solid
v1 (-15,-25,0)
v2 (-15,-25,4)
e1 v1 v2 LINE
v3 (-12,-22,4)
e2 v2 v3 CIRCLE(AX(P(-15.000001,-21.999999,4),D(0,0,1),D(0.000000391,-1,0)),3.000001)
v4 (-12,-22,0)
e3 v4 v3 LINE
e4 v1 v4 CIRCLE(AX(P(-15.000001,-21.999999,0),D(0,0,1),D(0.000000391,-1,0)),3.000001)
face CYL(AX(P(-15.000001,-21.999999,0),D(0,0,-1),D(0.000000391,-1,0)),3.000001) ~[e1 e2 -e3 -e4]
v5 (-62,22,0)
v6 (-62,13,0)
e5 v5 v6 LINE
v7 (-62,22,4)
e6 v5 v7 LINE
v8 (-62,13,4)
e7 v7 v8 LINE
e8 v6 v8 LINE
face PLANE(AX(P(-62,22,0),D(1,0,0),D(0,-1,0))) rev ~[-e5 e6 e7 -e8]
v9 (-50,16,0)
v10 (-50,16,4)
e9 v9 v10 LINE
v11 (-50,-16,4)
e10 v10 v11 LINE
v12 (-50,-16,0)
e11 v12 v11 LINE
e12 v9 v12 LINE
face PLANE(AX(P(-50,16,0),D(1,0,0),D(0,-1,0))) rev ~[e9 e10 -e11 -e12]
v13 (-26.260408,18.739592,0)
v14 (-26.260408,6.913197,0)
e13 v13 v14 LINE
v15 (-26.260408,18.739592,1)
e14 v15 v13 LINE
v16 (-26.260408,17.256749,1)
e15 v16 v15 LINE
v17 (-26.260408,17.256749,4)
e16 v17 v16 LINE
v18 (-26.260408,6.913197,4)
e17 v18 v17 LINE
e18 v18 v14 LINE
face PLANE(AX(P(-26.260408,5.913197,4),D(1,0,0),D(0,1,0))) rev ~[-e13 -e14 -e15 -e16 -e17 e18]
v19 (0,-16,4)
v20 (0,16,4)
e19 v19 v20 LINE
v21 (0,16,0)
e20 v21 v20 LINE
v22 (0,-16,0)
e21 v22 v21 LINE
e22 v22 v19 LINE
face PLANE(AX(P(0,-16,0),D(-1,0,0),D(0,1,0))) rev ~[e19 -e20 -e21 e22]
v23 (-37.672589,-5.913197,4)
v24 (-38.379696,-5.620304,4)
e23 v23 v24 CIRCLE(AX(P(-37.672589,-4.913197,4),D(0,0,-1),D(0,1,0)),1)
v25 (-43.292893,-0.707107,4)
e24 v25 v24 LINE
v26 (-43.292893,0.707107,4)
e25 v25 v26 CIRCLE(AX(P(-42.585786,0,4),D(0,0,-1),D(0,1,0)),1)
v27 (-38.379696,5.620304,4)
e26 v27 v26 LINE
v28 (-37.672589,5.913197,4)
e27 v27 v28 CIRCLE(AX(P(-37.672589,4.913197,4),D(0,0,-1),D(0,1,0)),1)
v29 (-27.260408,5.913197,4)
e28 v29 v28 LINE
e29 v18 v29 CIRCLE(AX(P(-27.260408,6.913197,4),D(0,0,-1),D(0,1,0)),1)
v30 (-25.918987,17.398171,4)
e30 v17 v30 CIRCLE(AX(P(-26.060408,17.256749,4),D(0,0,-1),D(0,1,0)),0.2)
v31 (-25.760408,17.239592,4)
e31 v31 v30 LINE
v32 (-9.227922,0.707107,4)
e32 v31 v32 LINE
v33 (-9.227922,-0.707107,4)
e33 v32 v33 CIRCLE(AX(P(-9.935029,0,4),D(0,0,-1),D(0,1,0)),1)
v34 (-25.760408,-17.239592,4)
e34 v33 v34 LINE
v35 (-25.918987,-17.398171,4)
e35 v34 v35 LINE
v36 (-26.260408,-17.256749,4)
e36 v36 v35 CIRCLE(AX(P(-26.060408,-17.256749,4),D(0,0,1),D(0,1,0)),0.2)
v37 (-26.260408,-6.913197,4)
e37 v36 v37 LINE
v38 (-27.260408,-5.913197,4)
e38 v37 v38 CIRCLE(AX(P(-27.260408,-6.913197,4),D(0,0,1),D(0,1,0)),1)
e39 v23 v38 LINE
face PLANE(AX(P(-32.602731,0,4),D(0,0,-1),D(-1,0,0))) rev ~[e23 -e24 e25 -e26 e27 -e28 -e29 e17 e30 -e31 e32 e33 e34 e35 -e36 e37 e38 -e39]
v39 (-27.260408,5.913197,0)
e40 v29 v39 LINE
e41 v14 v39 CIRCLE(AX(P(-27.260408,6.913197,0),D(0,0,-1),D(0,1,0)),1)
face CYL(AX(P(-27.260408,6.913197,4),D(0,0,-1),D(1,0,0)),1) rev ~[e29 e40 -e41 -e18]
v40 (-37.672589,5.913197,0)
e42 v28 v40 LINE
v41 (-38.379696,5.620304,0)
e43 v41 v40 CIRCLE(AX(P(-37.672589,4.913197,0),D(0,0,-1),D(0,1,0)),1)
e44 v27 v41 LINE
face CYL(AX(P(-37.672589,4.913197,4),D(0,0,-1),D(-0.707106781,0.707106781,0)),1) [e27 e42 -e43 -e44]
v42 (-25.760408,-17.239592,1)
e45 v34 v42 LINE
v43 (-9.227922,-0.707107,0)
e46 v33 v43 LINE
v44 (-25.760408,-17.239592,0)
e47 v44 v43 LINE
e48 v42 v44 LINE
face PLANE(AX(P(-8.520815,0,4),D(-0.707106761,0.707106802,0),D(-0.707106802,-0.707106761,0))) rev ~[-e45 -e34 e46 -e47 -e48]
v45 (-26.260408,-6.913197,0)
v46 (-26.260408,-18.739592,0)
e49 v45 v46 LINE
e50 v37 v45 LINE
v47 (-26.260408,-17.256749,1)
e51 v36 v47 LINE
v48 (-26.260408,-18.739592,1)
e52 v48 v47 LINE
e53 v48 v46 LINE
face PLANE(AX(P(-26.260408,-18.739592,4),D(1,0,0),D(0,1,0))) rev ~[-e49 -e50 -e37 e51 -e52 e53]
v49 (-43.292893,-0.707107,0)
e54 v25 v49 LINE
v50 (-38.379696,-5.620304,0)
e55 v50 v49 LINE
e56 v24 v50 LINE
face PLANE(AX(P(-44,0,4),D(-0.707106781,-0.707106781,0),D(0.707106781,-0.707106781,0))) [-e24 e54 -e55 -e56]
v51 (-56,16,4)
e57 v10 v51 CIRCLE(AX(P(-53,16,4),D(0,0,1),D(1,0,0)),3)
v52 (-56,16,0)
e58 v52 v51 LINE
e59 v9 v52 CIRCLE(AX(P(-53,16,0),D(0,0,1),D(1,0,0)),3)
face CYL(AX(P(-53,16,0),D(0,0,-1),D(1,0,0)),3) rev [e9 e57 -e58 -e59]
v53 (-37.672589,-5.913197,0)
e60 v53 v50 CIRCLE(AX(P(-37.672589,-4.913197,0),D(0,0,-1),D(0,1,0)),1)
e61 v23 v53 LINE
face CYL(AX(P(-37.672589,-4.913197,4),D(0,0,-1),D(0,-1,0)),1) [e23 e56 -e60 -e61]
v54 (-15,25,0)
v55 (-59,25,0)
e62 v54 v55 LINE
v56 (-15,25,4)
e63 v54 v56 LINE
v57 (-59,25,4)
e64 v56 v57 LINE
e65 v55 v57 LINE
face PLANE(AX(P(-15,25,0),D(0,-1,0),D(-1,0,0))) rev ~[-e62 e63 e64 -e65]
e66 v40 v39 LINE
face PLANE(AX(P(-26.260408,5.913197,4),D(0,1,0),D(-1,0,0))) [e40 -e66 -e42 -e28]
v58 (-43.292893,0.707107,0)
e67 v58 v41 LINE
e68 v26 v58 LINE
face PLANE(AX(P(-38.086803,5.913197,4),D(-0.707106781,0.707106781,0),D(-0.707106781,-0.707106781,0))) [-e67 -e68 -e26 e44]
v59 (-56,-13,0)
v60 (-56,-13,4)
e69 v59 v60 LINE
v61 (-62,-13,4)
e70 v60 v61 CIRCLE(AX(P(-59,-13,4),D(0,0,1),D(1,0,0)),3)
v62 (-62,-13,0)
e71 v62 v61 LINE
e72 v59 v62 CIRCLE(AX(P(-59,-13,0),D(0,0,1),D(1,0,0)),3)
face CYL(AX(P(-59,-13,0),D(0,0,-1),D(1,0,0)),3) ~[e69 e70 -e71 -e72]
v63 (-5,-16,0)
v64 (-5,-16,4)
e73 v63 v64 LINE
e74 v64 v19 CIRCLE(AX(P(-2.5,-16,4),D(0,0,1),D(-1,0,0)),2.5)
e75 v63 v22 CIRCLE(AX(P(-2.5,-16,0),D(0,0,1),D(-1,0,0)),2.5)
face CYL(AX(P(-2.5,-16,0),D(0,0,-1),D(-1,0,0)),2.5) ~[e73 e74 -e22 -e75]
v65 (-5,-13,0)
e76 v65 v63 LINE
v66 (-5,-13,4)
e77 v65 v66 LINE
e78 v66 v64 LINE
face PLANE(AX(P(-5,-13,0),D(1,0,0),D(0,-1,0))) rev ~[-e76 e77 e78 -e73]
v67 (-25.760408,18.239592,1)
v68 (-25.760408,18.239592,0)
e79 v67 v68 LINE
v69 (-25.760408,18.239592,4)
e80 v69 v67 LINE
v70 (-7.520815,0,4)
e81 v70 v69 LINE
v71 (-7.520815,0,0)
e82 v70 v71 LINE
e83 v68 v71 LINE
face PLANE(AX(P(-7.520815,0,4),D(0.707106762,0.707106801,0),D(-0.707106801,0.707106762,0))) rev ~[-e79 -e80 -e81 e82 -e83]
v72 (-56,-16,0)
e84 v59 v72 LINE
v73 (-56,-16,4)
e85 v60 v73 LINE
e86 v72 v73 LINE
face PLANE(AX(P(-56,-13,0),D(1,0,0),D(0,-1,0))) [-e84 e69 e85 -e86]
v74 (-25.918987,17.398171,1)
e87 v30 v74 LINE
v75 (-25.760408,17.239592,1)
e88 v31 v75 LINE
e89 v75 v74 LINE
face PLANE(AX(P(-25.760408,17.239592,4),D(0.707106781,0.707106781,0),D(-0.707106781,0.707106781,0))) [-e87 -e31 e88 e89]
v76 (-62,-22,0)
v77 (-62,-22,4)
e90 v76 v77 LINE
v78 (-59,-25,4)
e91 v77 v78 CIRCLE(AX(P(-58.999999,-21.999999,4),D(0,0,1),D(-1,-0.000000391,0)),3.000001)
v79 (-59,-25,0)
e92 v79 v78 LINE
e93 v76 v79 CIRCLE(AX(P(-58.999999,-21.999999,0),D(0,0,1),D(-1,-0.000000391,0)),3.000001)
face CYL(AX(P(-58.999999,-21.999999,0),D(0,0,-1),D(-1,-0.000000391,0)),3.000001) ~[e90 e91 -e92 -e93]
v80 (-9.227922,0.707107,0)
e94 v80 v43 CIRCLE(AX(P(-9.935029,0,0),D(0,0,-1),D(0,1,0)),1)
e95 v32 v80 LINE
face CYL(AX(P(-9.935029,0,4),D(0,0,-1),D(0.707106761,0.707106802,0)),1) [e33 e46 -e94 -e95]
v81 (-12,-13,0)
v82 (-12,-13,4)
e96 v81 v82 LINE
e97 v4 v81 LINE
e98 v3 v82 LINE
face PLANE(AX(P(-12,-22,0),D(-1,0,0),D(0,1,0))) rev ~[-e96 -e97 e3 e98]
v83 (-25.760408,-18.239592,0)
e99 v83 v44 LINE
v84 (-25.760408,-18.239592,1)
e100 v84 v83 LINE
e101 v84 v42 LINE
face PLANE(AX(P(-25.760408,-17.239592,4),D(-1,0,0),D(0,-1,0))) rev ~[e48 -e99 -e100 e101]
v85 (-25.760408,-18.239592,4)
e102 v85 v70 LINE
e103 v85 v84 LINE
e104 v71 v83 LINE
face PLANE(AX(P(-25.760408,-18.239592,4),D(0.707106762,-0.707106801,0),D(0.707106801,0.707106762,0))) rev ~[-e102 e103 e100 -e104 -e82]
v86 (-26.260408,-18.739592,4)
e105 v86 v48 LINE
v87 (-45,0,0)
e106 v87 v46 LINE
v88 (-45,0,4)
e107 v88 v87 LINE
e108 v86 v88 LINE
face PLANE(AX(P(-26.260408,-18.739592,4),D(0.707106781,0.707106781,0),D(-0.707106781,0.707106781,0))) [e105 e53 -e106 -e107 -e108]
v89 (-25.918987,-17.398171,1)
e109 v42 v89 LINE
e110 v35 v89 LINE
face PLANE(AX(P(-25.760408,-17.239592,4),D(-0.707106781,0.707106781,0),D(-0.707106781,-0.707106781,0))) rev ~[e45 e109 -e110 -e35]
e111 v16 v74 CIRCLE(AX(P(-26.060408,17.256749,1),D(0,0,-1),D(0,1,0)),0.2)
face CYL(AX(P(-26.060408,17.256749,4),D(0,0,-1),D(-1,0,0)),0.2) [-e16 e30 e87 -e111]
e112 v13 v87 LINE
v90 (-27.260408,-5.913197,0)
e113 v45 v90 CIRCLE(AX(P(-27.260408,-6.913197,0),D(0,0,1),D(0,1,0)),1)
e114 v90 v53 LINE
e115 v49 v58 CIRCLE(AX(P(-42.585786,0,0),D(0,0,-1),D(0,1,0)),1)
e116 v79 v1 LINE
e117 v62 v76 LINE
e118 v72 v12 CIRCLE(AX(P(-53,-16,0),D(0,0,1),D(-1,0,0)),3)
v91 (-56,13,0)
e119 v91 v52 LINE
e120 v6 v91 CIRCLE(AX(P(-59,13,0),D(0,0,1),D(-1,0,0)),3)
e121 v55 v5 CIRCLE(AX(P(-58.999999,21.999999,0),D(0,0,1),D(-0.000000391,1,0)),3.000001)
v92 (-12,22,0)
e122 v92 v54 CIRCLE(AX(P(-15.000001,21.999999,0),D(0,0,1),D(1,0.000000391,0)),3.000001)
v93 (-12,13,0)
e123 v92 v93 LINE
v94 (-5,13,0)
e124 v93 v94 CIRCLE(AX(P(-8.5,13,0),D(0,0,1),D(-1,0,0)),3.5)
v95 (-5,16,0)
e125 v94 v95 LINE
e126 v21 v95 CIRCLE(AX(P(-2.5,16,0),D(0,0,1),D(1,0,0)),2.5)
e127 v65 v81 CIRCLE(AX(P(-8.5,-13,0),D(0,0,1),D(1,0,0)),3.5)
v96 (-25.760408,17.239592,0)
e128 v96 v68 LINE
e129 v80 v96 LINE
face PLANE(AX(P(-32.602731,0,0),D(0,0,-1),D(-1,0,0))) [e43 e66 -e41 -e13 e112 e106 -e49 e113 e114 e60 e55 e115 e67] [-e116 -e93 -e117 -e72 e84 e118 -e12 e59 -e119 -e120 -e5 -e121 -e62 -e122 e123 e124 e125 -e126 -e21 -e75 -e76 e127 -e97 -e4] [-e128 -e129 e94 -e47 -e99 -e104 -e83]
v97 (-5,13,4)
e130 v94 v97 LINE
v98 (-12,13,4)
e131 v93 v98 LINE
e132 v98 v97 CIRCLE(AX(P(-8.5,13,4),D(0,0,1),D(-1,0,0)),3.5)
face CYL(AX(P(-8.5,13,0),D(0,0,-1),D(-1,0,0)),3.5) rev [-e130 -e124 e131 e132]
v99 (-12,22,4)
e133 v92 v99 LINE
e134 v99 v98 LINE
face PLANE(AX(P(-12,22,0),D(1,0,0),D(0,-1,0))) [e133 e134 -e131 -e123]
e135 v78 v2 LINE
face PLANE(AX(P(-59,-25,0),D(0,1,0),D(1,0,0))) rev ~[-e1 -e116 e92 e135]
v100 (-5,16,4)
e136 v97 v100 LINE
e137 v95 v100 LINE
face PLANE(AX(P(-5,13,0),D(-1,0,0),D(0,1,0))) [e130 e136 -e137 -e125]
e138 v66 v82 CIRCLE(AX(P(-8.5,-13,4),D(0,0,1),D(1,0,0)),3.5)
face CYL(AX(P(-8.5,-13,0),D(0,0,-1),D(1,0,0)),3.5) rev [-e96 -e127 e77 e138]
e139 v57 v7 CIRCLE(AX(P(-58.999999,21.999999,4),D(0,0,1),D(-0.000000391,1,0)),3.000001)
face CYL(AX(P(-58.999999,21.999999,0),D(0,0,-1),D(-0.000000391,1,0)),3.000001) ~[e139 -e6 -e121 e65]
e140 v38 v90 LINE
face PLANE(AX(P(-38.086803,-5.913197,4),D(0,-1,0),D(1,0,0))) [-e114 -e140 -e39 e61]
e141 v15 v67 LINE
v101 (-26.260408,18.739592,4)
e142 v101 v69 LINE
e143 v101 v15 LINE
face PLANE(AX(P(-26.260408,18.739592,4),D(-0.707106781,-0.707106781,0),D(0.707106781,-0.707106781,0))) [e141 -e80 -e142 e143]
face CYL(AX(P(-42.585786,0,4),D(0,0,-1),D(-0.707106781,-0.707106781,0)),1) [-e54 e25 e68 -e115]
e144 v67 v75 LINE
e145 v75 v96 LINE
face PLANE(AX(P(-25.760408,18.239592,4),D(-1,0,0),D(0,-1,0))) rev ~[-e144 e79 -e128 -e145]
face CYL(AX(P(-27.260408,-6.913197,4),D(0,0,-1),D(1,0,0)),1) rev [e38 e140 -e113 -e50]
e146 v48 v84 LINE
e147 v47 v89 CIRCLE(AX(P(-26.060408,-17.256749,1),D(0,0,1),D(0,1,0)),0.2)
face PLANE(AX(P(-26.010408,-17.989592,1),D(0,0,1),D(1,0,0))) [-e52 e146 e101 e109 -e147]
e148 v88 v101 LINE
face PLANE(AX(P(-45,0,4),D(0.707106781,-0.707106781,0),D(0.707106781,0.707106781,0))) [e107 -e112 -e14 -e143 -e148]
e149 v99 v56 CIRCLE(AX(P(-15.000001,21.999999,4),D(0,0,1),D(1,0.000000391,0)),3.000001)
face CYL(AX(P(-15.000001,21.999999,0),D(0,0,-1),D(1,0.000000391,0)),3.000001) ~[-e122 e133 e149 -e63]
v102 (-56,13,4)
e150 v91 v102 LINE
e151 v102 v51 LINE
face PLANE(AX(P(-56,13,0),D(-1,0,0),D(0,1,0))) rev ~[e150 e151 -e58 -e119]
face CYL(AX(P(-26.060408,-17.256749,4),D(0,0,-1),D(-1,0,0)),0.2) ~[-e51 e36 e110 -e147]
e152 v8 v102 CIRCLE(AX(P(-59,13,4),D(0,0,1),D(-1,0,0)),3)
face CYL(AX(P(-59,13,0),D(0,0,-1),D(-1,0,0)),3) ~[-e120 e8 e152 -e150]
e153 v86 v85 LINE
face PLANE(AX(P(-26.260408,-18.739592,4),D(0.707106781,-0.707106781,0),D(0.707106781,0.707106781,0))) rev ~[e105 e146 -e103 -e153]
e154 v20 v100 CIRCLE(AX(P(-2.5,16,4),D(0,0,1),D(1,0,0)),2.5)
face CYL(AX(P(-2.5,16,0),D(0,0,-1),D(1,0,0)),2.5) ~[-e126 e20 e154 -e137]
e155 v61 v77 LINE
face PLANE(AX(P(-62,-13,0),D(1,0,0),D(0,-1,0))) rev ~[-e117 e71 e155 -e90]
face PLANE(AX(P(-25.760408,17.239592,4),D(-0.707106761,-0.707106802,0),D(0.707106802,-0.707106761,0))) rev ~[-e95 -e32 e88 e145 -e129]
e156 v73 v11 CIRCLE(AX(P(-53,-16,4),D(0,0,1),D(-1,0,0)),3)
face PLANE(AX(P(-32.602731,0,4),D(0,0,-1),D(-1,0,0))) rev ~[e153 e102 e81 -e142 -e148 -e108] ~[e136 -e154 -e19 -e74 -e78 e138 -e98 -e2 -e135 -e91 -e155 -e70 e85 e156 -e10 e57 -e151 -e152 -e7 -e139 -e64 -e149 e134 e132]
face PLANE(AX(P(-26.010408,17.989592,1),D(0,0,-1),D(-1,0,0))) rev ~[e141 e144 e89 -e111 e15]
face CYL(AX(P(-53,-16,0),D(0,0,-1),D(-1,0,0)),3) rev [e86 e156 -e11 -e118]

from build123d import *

# Parameters (mm, degrees)
PAD_DEPTH       = 4
POCKET_DEPTH    = 4.001
POCKET001_DEPTH = 3
FILLET_R        = 0.2
FILLET001_R     = 0.2
FILLET002_R     = 1


with BuildPart() as part:
    # Sketch002 → Pad (new body)
    with BuildSketch(Plane.XY):
        with BuildLine():
            ThreePointArc((-5, -13), (-8.5, -9.5), (-12, -13))
            Line((-12, -22), (-12, -13))
            ThreePointArc((-15, -25), (-12.87868, -24.12132), (-12, -22))
            Line((-59, -25), (-15, -25))
            ThreePointArc((-62, -22), (-61.12132, -24.12132), (-59, -25))
            Line((-62, -13), (-62, -22))
            ThreePointArc((-56, -13), (-59, -10), (-62, -13))
            Line((-56, -13), (-56, -16))
            ThreePointArc((-56, -16), (-53, -19), (-50, -16))
            Line((-50, 16), (-50, -16))
            ThreePointArc((-50, 16), (-53, 19), (-56, 16))
            Line((-56, 13), (-56, 16))
            ThreePointArc((-62, 13), (-59, 10), (-56, 13))
            Line((-62, 22), (-62, 13))
            ThreePointArc((-59, 25), (-61.12132, 24.12132), (-62, 22))
            Line((-15, 25), (-59, 25))
            ThreePointArc((-12, 22), (-12.87868, 24.12132), (-15, 25))
            Line((-12, 22), (-12, 13))
            ThreePointArc((-12, 13), (-8.5, 9.5), (-5, 13))
            Line((-5, 13), (-5, 16))
            ThreePointArc((0, 16), (-2.5, 18.5), (-5, 16))
            Line((0, -16), (0, 16))
            ThreePointArc((-5, -16), (-2.5, -18.5), (0, -16))
            Line((-5, -13), (-5, -16))
        make_face()
    extrude(amount=PAD_DEPTH)

    # Sketch001 (on Face26 of Pad) → Pocket (cut, through all)
    with BuildSketch(Plane.XY.offset(4)):
        Polygon((-45, 0), (-26.260408, 18.739592), (-26.260408, 17.739592), (-26.260408, 5.913197), (-38.086803, 5.913197), (-44, 0), (-38.086803, -5.913197), (-26.260408, -5.913197), (-26.260408, -17.739592), (-26.260408, -18.739592), align=None)
        Polygon((-7.520815, 0), (-25.760408, 18.239592), (-25.760408, 17.239592), (-8.520815, 0), (-25.760408, -17.239592), (-25.760408, -18.239592), align=None)
    extrude(amount=-POCKET_DEPTH, mode=Mode.SUBTRACT)

    # Sketch (on Face5 of Pocket) → Pocket001 (cut)
    with BuildSketch(Plane.XY.offset(4)):
        Polygon((-25.760408, -17.239592), (-26.260408, -17.739592), (-26.260408, -18.739592), (-25.760408, -18.239592), align=None)
        Polygon((-26.260408, 18.739592), (-25.760408, 18.239592), (-25.760408, 17.239592), (-26.260408, 17.739592), align=None)
    extrude(amount=-POCKET001_DEPTH, mode=Mode.SUBTRACT)

    # Fillet
    fillet_edges = [part.edges().sort_by_distance(p)[0] for p in [
        (-26.260408, -17.739592, 2.5),
    ]]
    fillet(fillet_edges, radius=FILLET_R)

    # Fillet001
    fillet001_edges = [part.edges().sort_by_distance(p)[0] for p in [
        (-26.260408, 17.739592, 2.5),
    ]]
    fillet(fillet001_edges, radius=FILLET001_R)

    # Fillet002
    fillet002_edges = [part.edges().sort_by_distance(p)[0] for p in [
        (-44, 0, 2),
        (-38.086803, -5.913197, 2),
        (-38.086803, 5.913197, 2),
        (-26.260408, 5.913197, 2),
        (-26.260408, -5.913197, 2),
        (-8.520815, 0, 2),
    ]]
    fillet(fillet002_edges, radius=FILLET002_R)


solid = part.part
